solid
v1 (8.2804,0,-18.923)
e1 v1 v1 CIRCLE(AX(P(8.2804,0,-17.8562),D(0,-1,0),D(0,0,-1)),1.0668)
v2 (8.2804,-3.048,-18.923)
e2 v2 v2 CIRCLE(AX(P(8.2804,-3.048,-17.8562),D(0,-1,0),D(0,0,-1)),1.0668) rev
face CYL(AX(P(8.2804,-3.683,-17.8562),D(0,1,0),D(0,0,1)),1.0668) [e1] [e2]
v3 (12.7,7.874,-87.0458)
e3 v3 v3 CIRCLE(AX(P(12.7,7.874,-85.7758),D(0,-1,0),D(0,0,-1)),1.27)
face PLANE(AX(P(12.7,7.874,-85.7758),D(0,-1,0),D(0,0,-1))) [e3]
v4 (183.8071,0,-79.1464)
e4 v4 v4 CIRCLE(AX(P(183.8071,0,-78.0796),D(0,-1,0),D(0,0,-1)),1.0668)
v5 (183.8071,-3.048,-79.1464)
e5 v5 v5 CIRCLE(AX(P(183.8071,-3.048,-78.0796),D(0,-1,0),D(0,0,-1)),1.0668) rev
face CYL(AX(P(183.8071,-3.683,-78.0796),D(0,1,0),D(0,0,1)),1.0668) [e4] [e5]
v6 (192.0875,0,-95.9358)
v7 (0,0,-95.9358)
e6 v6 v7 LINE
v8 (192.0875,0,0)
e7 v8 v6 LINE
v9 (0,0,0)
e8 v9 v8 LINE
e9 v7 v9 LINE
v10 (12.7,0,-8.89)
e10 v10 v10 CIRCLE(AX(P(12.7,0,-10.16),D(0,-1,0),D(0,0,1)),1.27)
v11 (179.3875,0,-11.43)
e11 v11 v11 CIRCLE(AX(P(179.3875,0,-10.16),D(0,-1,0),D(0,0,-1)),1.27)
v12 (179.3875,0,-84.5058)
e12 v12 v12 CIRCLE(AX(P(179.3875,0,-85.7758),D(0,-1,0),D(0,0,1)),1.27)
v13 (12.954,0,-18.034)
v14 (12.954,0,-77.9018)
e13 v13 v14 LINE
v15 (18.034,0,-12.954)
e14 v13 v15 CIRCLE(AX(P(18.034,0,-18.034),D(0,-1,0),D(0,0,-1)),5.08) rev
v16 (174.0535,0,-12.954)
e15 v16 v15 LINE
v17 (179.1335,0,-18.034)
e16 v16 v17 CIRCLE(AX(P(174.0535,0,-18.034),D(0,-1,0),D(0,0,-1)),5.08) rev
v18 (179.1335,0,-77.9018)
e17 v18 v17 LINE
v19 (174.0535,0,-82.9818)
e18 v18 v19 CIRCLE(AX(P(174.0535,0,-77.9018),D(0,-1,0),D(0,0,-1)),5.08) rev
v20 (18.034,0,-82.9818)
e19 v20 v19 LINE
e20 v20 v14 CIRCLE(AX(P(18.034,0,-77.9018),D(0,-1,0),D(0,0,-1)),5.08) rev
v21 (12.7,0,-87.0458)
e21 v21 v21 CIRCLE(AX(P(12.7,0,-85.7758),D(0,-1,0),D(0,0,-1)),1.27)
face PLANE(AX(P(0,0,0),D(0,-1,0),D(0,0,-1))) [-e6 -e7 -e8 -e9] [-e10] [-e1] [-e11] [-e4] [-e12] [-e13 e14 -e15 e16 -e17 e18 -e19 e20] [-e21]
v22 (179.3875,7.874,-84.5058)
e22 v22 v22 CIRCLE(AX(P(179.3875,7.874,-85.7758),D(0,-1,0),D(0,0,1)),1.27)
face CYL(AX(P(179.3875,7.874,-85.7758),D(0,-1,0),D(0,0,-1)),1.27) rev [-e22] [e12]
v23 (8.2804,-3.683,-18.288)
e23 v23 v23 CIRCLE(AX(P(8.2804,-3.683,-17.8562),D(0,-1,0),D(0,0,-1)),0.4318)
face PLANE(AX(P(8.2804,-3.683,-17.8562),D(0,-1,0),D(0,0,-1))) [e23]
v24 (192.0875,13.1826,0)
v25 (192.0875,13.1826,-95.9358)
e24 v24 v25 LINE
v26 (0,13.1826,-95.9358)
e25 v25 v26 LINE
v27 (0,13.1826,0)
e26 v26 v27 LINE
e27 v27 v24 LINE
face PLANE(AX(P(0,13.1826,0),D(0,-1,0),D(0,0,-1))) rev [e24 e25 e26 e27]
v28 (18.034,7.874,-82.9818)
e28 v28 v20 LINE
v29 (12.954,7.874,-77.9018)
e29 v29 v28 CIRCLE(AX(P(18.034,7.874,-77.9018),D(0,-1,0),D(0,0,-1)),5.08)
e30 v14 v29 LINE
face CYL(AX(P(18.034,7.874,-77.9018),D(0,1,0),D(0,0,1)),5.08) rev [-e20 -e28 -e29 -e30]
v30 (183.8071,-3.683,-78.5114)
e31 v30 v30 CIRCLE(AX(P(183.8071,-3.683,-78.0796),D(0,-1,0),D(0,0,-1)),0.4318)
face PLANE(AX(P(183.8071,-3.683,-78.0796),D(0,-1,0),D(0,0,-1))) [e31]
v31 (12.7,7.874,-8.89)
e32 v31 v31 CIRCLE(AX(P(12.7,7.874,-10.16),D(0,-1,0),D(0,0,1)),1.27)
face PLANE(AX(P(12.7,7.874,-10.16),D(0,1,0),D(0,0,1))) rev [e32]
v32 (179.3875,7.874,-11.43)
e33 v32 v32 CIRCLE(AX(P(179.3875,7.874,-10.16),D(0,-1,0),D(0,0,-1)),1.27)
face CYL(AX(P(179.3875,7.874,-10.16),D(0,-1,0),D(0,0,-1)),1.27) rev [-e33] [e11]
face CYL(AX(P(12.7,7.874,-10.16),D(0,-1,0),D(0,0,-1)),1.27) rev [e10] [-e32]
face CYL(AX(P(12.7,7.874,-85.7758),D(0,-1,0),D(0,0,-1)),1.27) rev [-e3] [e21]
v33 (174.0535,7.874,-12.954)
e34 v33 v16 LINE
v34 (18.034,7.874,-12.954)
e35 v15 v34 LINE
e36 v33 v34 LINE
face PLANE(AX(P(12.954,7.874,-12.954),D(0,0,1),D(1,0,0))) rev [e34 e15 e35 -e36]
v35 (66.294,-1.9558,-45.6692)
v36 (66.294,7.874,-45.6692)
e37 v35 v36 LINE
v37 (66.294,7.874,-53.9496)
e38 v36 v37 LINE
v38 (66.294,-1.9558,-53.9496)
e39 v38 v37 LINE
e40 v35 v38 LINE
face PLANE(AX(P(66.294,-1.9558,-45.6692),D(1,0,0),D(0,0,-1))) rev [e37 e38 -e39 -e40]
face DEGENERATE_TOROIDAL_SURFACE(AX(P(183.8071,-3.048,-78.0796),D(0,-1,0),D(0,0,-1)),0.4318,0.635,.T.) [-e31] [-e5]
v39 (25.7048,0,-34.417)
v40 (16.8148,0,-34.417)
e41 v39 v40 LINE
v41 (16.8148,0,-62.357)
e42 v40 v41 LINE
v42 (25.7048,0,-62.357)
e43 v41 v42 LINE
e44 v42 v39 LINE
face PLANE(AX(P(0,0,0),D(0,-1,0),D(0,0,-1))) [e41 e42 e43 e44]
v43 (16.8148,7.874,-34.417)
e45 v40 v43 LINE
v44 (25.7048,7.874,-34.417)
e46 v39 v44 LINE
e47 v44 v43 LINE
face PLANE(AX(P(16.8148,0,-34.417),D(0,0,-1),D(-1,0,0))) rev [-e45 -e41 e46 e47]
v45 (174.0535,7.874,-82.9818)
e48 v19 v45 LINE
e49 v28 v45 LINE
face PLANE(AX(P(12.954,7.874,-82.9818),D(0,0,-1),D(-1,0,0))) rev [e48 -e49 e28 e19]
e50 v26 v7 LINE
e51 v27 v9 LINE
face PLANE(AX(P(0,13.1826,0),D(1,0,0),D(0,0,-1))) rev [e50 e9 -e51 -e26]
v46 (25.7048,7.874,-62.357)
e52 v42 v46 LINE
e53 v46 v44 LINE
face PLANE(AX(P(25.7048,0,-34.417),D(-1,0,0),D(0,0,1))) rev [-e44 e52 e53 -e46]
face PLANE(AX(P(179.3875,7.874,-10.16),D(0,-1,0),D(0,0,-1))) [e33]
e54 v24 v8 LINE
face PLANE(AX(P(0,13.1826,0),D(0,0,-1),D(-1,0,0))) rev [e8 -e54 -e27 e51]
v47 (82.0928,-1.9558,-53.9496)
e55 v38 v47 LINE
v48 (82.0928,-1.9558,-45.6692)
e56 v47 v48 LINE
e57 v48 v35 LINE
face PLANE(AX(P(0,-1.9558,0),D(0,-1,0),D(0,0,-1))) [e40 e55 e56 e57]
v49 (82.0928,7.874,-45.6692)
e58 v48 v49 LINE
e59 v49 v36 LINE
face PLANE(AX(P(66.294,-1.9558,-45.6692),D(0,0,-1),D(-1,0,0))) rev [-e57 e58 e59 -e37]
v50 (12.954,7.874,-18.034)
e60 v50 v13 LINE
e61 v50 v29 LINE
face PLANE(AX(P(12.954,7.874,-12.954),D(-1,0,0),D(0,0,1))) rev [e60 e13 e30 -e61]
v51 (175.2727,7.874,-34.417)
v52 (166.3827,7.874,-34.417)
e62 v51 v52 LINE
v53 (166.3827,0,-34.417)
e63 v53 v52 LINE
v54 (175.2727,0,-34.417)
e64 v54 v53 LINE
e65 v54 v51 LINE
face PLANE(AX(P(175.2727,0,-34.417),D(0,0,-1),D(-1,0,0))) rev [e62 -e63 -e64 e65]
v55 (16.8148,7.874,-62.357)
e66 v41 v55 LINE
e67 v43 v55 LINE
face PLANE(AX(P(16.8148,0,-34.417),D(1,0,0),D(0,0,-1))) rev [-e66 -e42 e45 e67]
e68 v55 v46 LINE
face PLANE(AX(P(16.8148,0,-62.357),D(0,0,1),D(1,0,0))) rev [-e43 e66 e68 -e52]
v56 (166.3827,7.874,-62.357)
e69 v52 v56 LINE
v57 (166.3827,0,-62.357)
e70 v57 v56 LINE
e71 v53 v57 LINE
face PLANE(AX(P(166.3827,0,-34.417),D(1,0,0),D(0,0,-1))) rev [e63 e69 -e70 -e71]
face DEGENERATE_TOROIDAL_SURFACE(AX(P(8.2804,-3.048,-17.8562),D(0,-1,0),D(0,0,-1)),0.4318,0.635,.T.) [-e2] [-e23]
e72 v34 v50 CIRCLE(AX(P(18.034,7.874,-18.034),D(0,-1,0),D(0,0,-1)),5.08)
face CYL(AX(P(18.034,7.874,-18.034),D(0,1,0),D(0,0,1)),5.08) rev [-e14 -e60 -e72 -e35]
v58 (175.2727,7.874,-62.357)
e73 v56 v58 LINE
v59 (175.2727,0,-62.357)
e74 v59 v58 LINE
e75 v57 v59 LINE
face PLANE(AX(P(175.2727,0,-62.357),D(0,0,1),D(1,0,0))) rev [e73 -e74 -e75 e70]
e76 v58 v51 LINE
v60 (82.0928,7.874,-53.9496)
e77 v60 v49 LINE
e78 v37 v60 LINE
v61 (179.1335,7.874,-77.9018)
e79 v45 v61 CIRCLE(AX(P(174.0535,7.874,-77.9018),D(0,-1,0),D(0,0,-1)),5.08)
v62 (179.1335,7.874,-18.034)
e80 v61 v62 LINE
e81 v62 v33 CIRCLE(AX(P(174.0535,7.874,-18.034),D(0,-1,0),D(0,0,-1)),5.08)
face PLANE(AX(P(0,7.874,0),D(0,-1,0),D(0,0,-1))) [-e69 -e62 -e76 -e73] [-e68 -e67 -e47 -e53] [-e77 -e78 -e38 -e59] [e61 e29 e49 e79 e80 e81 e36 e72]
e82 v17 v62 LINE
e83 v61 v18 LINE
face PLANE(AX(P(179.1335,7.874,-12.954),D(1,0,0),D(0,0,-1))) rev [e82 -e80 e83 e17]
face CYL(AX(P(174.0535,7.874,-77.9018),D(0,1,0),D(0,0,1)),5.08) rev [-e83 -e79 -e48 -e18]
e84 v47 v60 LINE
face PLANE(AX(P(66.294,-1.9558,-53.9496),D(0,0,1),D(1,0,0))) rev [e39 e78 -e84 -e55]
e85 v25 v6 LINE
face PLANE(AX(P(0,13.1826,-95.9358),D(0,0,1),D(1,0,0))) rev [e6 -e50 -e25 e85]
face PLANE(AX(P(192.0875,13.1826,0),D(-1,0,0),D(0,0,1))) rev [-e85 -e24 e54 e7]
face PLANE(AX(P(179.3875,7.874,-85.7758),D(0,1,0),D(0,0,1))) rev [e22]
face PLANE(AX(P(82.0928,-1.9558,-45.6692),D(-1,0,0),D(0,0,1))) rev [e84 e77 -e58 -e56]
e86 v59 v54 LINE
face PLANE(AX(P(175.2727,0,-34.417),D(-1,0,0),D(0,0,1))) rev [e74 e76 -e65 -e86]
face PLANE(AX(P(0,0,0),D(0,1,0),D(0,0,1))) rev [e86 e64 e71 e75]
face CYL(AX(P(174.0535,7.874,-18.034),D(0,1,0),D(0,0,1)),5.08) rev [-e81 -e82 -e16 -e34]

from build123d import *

# Parameters (mm, degrees)
SKETCH1_W           = 192.0875
SKETCH1_H           = 95.9358
BOSS_EXTRUDE1_DEPTH = 13.1826
SKETCH2_W           = 166.1795
SKETCH2_H           = 70.0278
CUT_EXTRUDE1_DEPTH  = 7.874
SKETCH3_R           = 1.27
CUT_EXTRUDE2_DEPTH  = 7.874
SKETCH4_W           = 15.7988
SKETCH4_H           = 8.2804
BOSS_EXTRUDE2_DEPTH = 9.8298
SKETCH5_W           = 8.89
SKETCH5_H           = 27.94
BOSS_EXTRUDE3_DEPTH = 7.874
SKETCH6_R           = 1.0668
BOSS_EXTRUDE4_DEPTH = 3.683
FILLET1_R           = 5.08
FILLET2_R           = 0.635


with BuildPart() as part:
    # Sketch1 → Boss-Extrude1 (new body)
    with BuildSketch(Plane(origin=(0, 0, 0), x_dir=(1, 0, 0), z_dir=(0, 1, 0))):
        with Locations((96.04375, 47.9679)):
            Rectangle(SKETCH1_W, SKETCH1_H)
    extrude(amount=BOSS_EXTRUDE1_DEPTH)

    # Sketch2 → Cut-Extrude1 (cut)
    with BuildSketch(Plane.XZ):
        with Locations((96.04375, -47.9679)):
            Rectangle(SKETCH2_W, SKETCH2_H)
    extrude(amount=-CUT_EXTRUDE1_DEPTH, mode=Mode.SUBTRACT)

    # Sketch3 → Cut-Extrude2 (cut)
    with BuildSketch(Plane.XZ):
        with Locations((12.7, -85.7758)):
            Circle(SKETCH3_R)
        with Locations((12.7, -10.16)):
            Circle(SKETCH3_R)
        with Locations((179.3875, -85.7758)):
            Circle(SKETCH3_R)
        with Locations((179.3875, -10.16)):
            Circle(SKETCH3_R)
    extrude(amount=-CUT_EXTRUDE2_DEPTH, mode=Mode.SUBTRACT)

    # Sketch4 → Boss-Extrude2 (add)
    with BuildSketch(Plane(origin=(0, 7.874, 0), x_dir=(-1, 0, 0), z_dir=(0, -1, 0))):
        with Locations((-74.1934, 49.8094)):
            Rectangle(SKETCH4_W, SKETCH4_H)
    extrude(amount=BOSS_EXTRUDE2_DEPTH)

    # Sketch5 → Boss-Extrude3 (add)
    with BuildSketch(Plane(origin=(0, 7.874, 0), x_dir=(-1, 0, 0), z_dir=(0, -1, 0))):
        with Locations((-21.2598, 48.387)):
            Rectangle(SKETCH5_W, SKETCH5_H)
        with Locations((-170.8277, 48.387)):
            Rectangle(SKETCH5_W, SKETCH5_H)
    extrude(amount=BOSS_EXTRUDE3_DEPTH)

    # Sketch6 → Boss-Extrude4 (add)
    with BuildSketch(Plane(origin=(0, 0, 0), x_dir=(-1, 0, 0), z_dir=(0, -1, 0))):
        with Locations((-8.2804, 17.8562)):
            Circle(SKETCH6_R)
        with Locations((-183.8071, 78.0796)):
            Circle(SKETCH6_R)
    extrude(amount=BOSS_EXTRUDE4_DEPTH)

    # Fillet1
    fillet1_edges = [part.edges().sort_by_distance(p)[0] for p in [
        (12.954, 3.937, -82.9818),
        (12.954, 3.937, -12.954),
        (179.1335, 3.937, -12.954),
        (179.1335, 3.937, -82.9818),
    ]]
    fillet(fillet1_edges, radius=FILLET1_R)

    # Fillet2
    fillet2_edges = [part.edges().sort_by_distance(p)[0] for p in [
        (9.3472, -3.683, -17.8562),
        (184.8739, -3.683, -78.0796),
    ]]
    fillet(fillet2_edges, radius=FILLET2_R)


solid = part.part
